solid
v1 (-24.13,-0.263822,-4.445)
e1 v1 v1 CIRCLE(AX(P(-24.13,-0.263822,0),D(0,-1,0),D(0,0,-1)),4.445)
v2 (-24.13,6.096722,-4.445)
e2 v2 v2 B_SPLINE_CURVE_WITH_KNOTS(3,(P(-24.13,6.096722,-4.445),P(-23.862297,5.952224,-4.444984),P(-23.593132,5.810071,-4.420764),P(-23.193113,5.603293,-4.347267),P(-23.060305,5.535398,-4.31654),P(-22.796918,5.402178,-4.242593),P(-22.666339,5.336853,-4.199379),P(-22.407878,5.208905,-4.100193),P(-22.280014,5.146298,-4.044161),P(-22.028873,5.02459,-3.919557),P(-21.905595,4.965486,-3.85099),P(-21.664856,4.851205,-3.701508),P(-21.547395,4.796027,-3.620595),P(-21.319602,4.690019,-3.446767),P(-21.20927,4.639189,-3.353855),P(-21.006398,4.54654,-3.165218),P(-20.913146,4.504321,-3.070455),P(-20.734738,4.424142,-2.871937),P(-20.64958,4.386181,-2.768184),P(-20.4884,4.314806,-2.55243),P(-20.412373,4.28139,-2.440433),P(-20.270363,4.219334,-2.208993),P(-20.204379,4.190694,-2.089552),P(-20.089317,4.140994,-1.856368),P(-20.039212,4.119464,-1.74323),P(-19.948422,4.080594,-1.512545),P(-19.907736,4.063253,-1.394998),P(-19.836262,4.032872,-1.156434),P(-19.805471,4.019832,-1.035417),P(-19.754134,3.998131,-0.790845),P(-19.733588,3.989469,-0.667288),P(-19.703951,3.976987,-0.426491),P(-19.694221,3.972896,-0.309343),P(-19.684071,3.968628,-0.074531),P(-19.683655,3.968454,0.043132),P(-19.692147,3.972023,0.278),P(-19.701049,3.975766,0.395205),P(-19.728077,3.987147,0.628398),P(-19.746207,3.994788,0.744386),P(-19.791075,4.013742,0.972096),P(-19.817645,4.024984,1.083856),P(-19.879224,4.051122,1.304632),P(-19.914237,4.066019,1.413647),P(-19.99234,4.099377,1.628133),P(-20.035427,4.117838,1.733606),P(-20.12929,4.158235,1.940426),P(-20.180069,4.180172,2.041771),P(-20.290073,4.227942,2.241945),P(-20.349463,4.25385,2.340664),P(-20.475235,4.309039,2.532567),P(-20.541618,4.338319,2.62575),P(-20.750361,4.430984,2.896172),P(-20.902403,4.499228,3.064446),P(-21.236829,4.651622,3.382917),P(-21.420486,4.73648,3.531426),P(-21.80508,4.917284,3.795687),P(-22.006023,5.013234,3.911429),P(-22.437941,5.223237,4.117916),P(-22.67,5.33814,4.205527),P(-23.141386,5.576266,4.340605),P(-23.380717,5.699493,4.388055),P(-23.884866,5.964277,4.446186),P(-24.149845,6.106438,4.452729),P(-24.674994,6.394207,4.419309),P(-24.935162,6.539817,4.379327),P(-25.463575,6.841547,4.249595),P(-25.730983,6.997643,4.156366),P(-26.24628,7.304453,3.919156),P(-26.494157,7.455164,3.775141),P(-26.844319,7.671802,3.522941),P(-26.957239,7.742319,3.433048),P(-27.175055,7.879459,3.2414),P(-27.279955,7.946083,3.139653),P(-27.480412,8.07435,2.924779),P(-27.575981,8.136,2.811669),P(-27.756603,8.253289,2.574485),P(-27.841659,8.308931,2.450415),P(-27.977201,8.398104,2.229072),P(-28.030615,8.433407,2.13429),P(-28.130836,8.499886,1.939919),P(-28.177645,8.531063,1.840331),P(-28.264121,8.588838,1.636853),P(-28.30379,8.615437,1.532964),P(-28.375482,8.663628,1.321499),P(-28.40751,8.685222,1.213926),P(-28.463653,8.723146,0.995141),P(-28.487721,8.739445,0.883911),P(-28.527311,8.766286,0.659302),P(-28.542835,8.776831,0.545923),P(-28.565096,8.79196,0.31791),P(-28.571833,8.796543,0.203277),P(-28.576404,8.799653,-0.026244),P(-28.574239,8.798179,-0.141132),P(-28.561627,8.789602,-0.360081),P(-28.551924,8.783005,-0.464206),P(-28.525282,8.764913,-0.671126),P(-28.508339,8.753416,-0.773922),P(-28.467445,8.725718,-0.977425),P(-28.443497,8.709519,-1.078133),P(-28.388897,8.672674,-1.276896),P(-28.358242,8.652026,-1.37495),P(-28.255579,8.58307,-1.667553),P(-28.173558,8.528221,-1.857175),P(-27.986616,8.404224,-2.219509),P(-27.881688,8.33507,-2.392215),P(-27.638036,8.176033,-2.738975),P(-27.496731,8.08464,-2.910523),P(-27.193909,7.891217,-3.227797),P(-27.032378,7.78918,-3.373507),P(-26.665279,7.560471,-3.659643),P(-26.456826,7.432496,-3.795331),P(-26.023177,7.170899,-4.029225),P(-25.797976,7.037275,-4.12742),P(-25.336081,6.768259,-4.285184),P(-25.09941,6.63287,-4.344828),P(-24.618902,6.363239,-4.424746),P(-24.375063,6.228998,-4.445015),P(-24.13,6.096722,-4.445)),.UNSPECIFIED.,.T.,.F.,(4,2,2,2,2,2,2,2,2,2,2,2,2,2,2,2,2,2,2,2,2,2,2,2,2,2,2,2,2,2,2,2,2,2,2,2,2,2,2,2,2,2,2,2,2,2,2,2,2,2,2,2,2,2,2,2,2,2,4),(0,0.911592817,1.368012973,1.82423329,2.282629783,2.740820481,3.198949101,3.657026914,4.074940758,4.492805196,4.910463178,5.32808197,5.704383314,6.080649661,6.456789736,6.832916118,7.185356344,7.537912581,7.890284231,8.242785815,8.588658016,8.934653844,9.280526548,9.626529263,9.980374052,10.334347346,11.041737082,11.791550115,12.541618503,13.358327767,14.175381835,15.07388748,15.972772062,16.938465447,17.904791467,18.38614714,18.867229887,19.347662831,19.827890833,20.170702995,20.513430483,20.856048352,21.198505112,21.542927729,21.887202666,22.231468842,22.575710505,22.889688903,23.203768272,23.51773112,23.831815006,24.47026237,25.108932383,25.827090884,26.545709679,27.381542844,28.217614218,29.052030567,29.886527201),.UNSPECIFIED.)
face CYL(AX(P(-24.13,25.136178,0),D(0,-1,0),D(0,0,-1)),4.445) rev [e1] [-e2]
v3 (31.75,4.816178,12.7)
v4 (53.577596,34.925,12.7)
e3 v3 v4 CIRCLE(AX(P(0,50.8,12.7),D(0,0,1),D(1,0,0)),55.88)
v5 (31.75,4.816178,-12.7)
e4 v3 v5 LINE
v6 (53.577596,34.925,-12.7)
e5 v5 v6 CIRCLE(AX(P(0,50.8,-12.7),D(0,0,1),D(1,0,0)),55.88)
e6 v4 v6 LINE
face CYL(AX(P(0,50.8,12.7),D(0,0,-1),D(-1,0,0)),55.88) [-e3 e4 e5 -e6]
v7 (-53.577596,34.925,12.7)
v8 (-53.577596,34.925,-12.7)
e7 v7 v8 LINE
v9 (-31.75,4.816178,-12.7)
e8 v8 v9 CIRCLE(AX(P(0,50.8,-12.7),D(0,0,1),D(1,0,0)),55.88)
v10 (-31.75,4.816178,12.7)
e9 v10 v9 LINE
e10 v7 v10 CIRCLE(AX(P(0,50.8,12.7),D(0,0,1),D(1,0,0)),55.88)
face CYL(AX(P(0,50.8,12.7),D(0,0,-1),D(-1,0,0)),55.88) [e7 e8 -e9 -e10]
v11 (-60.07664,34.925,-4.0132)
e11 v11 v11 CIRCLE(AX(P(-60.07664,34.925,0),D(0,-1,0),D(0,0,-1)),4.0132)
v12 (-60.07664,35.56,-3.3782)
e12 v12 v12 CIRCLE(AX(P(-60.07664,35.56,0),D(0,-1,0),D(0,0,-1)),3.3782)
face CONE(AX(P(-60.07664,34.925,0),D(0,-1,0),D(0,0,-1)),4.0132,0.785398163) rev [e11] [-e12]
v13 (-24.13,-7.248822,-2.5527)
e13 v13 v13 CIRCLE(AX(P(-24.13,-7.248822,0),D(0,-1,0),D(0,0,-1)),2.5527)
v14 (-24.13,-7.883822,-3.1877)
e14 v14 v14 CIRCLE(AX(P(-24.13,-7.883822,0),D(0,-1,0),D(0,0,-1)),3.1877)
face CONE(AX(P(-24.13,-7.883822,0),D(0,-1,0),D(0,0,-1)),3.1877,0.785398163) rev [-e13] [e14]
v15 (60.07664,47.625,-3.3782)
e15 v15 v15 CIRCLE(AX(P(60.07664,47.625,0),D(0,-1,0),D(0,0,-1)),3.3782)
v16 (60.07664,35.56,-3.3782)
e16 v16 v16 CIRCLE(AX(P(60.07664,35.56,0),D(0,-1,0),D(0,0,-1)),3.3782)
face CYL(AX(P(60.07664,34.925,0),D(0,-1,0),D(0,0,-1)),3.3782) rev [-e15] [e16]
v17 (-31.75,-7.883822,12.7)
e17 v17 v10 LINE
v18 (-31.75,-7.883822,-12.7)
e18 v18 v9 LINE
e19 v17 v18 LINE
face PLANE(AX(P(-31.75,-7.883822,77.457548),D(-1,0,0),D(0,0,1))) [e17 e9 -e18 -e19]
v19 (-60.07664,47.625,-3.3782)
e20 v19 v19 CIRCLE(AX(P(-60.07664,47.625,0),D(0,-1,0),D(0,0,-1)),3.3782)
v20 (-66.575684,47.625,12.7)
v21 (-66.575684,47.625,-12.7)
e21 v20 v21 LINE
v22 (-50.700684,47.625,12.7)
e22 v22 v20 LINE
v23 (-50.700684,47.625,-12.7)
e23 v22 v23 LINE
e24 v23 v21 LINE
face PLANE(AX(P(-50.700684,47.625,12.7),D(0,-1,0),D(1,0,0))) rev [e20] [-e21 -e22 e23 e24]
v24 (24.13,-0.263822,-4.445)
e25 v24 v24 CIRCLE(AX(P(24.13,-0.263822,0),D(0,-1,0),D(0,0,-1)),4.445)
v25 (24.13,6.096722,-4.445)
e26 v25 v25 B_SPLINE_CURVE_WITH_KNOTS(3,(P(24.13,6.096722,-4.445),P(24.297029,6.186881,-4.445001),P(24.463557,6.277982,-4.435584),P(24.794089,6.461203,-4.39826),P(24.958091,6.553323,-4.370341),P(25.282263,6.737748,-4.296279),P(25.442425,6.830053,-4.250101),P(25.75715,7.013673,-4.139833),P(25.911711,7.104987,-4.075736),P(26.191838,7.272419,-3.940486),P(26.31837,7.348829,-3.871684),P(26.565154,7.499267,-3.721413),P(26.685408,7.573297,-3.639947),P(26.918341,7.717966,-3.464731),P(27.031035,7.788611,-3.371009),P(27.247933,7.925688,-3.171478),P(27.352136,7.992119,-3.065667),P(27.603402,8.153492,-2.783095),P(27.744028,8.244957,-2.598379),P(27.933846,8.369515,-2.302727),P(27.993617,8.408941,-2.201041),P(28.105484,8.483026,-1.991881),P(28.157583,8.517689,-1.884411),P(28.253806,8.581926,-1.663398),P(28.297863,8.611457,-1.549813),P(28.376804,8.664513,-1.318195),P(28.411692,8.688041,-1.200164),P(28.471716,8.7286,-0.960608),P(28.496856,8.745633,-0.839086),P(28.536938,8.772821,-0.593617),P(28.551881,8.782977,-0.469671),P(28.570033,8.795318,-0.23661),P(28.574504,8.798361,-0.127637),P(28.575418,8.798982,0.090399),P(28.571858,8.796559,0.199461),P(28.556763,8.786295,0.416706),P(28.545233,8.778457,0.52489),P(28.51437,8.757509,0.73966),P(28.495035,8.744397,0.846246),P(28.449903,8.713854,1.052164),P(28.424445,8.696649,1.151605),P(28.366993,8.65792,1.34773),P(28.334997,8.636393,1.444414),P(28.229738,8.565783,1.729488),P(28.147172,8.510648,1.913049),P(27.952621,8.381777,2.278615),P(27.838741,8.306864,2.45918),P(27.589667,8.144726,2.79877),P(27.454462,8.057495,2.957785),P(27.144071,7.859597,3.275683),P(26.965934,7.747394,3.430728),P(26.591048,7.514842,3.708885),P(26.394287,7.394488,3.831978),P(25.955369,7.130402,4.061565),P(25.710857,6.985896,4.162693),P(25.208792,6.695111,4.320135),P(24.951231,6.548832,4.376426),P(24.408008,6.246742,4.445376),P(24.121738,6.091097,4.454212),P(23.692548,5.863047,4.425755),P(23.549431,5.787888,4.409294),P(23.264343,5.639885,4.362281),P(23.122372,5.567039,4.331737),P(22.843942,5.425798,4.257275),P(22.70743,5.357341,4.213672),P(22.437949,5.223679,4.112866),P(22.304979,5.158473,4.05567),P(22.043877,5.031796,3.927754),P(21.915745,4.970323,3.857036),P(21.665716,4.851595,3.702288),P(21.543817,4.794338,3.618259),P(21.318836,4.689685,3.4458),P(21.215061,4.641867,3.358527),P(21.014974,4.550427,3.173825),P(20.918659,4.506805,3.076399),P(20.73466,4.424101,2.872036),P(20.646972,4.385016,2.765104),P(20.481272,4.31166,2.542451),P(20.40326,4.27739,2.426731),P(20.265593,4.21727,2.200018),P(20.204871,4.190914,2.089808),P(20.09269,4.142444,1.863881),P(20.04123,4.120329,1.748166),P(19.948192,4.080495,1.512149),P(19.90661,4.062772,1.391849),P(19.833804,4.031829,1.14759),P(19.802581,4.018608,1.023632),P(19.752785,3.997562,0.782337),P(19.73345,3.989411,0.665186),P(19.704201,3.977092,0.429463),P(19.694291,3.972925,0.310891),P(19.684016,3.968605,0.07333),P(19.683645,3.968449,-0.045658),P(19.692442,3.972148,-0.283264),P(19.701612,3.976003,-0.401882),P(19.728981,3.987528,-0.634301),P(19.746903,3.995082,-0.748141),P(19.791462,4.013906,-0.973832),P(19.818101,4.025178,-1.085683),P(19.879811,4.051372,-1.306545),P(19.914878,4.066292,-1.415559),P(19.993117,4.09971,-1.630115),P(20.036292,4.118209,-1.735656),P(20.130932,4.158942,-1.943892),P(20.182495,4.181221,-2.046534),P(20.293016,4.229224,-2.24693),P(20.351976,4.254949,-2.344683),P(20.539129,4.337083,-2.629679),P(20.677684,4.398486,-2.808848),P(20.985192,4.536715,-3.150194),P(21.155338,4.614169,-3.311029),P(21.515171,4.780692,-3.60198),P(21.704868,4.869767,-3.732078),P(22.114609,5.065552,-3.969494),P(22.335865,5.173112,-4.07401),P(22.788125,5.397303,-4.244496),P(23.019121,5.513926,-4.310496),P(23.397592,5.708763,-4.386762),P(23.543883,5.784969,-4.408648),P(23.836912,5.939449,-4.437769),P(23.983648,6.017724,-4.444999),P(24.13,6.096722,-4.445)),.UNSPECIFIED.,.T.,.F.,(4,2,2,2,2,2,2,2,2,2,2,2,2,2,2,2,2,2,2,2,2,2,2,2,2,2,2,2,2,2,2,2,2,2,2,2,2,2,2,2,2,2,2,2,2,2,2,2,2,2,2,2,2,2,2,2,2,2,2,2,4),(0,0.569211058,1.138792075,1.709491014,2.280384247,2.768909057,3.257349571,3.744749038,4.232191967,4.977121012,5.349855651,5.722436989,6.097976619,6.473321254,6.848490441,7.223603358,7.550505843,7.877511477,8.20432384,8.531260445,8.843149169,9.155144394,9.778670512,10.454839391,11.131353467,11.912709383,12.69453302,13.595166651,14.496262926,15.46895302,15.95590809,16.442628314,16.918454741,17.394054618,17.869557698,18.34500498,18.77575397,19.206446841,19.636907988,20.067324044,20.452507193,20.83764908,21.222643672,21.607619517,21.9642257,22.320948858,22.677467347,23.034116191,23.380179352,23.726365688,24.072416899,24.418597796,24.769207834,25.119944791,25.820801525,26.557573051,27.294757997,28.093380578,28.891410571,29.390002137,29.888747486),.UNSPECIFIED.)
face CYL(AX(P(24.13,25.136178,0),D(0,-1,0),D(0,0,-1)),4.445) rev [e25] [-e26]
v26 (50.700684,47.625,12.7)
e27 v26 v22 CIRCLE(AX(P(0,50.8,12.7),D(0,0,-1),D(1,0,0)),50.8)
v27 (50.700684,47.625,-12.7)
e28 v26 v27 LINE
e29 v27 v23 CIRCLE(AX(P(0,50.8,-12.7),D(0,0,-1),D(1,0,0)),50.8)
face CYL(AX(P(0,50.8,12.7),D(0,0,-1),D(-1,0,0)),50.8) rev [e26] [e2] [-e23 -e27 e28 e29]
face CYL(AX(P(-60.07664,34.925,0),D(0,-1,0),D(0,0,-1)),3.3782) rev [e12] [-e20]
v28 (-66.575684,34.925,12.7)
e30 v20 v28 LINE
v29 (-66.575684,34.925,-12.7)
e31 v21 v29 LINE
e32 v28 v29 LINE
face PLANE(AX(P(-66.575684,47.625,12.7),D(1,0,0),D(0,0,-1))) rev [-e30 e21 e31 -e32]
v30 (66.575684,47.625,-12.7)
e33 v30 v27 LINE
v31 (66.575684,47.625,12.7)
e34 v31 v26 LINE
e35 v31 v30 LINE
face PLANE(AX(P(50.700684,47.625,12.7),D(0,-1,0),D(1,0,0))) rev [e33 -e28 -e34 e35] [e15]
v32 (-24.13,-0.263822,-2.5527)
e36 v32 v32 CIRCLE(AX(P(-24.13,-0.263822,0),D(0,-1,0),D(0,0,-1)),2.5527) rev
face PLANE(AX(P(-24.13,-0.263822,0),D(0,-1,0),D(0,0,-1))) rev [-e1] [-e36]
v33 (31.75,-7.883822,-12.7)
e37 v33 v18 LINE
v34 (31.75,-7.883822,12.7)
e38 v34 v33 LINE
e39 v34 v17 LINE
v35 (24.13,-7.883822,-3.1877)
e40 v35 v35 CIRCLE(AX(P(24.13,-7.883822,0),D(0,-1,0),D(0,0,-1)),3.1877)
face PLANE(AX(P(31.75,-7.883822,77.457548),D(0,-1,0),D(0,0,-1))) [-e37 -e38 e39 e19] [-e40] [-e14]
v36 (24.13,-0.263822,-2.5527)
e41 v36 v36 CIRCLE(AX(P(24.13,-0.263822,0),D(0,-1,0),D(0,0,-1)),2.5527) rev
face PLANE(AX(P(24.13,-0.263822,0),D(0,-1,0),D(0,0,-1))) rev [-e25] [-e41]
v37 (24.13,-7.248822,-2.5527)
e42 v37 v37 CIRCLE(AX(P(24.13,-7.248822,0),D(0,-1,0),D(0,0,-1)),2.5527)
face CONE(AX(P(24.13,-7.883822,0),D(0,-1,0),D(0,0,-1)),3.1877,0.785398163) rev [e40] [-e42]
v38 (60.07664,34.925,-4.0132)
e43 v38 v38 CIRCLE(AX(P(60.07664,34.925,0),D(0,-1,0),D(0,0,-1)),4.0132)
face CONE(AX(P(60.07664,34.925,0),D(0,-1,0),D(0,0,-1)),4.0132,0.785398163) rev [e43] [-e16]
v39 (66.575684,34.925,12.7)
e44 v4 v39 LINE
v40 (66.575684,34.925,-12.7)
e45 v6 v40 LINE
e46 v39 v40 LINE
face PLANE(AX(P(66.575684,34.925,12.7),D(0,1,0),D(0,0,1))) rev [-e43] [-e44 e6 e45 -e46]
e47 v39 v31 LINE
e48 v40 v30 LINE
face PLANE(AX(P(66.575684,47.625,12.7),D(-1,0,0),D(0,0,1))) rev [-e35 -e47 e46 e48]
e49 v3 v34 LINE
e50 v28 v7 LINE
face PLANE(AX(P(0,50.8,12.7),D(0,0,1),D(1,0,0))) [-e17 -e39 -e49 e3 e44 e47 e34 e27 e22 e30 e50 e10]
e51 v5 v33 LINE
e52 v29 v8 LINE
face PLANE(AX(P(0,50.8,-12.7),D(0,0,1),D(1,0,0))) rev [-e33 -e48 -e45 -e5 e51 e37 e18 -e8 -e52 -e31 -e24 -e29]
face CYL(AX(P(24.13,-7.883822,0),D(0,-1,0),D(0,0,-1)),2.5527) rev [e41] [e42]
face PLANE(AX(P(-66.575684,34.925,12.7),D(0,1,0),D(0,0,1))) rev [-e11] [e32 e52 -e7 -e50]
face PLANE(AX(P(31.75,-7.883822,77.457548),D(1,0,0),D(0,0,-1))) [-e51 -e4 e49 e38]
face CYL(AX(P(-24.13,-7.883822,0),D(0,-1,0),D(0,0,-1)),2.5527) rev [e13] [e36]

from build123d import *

# Parameters (mm, degrees)
BOSS_EXTRUDE1_DEPTH               = 12.7
F_1_4_CLEARANCE_HOLE1_D           = 6.7564
F_1_4_CLEARANCE_HOLE1_CSINK_D     = 8.0264
F_1_4_CLEARANCE_HOLE1_CSINK_ANGLE = 90
BOSS_EXTRUDE2_START               = -25.4
BOSS_EXTRUDE2_DEPTH               = 25.4
F_10_CLEARANCE_HOLE1_D            = 5.1054
F_10_CLEARANCE_HOLE1_CSINK_D      = 6.3754
F_10_CLEARANCE_HOLE1_CSINK_ANGLE  = 90
CUT_EXTRUDE1_START                = -7.62
SKETCH13_R                        = 4.445
CUT_EXTRUDE1_DEPTH                = 25.4


with BuildPart() as part:
    # Sketch1 → Boss-Extrude1 (new, symmetric)
    with BuildSketch(Plane.XY):
        with BuildLine():
            Line((-50.700684167, 47.625), (-66.575684167, 47.625))
            Line((-66.575684167, 47.625), (-66.575684167, 34.925))
            Line((-66.575684167, 34.925), (-53.577595831, 34.925))
            ThreePointArc((-53.577595831, 34.925), (0, -5.08), (53.577595831, 34.925))
            Line((53.577595831, 34.925), (66.575684167, 34.925))
            Line((66.575684167, 34.925), (66.575684167, 47.625))
            Line((66.575684167, 47.625), (50.700684167, 47.625))
            ThreePointArc((50.700684167, 47.625), (0, 0), (-50.700684167, 47.625))
        make_face()
    extrude(amount=BOSS_EXTRUDE1_DEPTH, both=True)

    # 1/4 Clearance Hole1 (through all)
    with Locations(Plane(origin=(0, 34.925, 0), x_dir=(-1, 0, 0), z_dir=(0, -1, 0))):
        with Locations((60.076639999, 0), (-60.076639999, 0)):
            CounterSinkHole(F_1_4_CLEARANCE_HOLE1_D / 2, F_1_4_CLEARANCE_HOLE1_CSINK_D / 2, counter_sink_angle=F_1_4_CLEARANCE_HOLE1_CSINK_ANGLE)

    # Sketch5 → Boss-Extrude2 (add)
    with BuildSketch(Plane(origin=(0, 0, -12.7), x_dir=(-1, 0, 0), z_dir=(0, 0, -1)).offset(BOSS_EXTRUDE2_START)):
        with BuildLine():
            Line((-31.75, -7.883822155), (31.75, -7.883822155))
            Line((31.75, -7.883822155), (31.75, 4.816177845))
            ThreePointArc((31.75, 4.816177845), (0, -5.08), (-31.75, 4.816177845))
            Line((-31.75, 4.816177845), (-31.75, -7.883822155))
        make_face()
    extrude(amount=BOSS_EXTRUDE2_DEPTH)

    # #10 Clearance Hole1 (through all)
    with Locations(Plane(origin=(0, -7.883822155, 0), x_dir=(-1, 0, 0), z_dir=(0, -1, 0))):
        with Locations((24.13, 0), (-24.13, 0)):
            CounterSinkHole(F_10_CLEARANCE_HOLE1_D / 2, F_10_CLEARANCE_HOLE1_CSINK_D / 2, counter_sink_angle=F_10_CLEARANCE_HOLE1_CSINK_ANGLE)

    # Sketch13 → Cut-Extrude1 (cut)
    with BuildSketch(Plane.XZ.offset(7.883822155).offset(CUT_EXTRUDE1_START)):
        with Locations(Location((-24.13, 0, 0), (0, 0, 270))):
            Circle(SKETCH13_R)
        with Locations(Location((24.13, 0, 0), (0, 0, 270))):
            Circle(SKETCH13_R)
    extrude(amount=-CUT_EXTRUDE1_DEPTH, mode=Mode.SUBTRACT)


solid = part.part
